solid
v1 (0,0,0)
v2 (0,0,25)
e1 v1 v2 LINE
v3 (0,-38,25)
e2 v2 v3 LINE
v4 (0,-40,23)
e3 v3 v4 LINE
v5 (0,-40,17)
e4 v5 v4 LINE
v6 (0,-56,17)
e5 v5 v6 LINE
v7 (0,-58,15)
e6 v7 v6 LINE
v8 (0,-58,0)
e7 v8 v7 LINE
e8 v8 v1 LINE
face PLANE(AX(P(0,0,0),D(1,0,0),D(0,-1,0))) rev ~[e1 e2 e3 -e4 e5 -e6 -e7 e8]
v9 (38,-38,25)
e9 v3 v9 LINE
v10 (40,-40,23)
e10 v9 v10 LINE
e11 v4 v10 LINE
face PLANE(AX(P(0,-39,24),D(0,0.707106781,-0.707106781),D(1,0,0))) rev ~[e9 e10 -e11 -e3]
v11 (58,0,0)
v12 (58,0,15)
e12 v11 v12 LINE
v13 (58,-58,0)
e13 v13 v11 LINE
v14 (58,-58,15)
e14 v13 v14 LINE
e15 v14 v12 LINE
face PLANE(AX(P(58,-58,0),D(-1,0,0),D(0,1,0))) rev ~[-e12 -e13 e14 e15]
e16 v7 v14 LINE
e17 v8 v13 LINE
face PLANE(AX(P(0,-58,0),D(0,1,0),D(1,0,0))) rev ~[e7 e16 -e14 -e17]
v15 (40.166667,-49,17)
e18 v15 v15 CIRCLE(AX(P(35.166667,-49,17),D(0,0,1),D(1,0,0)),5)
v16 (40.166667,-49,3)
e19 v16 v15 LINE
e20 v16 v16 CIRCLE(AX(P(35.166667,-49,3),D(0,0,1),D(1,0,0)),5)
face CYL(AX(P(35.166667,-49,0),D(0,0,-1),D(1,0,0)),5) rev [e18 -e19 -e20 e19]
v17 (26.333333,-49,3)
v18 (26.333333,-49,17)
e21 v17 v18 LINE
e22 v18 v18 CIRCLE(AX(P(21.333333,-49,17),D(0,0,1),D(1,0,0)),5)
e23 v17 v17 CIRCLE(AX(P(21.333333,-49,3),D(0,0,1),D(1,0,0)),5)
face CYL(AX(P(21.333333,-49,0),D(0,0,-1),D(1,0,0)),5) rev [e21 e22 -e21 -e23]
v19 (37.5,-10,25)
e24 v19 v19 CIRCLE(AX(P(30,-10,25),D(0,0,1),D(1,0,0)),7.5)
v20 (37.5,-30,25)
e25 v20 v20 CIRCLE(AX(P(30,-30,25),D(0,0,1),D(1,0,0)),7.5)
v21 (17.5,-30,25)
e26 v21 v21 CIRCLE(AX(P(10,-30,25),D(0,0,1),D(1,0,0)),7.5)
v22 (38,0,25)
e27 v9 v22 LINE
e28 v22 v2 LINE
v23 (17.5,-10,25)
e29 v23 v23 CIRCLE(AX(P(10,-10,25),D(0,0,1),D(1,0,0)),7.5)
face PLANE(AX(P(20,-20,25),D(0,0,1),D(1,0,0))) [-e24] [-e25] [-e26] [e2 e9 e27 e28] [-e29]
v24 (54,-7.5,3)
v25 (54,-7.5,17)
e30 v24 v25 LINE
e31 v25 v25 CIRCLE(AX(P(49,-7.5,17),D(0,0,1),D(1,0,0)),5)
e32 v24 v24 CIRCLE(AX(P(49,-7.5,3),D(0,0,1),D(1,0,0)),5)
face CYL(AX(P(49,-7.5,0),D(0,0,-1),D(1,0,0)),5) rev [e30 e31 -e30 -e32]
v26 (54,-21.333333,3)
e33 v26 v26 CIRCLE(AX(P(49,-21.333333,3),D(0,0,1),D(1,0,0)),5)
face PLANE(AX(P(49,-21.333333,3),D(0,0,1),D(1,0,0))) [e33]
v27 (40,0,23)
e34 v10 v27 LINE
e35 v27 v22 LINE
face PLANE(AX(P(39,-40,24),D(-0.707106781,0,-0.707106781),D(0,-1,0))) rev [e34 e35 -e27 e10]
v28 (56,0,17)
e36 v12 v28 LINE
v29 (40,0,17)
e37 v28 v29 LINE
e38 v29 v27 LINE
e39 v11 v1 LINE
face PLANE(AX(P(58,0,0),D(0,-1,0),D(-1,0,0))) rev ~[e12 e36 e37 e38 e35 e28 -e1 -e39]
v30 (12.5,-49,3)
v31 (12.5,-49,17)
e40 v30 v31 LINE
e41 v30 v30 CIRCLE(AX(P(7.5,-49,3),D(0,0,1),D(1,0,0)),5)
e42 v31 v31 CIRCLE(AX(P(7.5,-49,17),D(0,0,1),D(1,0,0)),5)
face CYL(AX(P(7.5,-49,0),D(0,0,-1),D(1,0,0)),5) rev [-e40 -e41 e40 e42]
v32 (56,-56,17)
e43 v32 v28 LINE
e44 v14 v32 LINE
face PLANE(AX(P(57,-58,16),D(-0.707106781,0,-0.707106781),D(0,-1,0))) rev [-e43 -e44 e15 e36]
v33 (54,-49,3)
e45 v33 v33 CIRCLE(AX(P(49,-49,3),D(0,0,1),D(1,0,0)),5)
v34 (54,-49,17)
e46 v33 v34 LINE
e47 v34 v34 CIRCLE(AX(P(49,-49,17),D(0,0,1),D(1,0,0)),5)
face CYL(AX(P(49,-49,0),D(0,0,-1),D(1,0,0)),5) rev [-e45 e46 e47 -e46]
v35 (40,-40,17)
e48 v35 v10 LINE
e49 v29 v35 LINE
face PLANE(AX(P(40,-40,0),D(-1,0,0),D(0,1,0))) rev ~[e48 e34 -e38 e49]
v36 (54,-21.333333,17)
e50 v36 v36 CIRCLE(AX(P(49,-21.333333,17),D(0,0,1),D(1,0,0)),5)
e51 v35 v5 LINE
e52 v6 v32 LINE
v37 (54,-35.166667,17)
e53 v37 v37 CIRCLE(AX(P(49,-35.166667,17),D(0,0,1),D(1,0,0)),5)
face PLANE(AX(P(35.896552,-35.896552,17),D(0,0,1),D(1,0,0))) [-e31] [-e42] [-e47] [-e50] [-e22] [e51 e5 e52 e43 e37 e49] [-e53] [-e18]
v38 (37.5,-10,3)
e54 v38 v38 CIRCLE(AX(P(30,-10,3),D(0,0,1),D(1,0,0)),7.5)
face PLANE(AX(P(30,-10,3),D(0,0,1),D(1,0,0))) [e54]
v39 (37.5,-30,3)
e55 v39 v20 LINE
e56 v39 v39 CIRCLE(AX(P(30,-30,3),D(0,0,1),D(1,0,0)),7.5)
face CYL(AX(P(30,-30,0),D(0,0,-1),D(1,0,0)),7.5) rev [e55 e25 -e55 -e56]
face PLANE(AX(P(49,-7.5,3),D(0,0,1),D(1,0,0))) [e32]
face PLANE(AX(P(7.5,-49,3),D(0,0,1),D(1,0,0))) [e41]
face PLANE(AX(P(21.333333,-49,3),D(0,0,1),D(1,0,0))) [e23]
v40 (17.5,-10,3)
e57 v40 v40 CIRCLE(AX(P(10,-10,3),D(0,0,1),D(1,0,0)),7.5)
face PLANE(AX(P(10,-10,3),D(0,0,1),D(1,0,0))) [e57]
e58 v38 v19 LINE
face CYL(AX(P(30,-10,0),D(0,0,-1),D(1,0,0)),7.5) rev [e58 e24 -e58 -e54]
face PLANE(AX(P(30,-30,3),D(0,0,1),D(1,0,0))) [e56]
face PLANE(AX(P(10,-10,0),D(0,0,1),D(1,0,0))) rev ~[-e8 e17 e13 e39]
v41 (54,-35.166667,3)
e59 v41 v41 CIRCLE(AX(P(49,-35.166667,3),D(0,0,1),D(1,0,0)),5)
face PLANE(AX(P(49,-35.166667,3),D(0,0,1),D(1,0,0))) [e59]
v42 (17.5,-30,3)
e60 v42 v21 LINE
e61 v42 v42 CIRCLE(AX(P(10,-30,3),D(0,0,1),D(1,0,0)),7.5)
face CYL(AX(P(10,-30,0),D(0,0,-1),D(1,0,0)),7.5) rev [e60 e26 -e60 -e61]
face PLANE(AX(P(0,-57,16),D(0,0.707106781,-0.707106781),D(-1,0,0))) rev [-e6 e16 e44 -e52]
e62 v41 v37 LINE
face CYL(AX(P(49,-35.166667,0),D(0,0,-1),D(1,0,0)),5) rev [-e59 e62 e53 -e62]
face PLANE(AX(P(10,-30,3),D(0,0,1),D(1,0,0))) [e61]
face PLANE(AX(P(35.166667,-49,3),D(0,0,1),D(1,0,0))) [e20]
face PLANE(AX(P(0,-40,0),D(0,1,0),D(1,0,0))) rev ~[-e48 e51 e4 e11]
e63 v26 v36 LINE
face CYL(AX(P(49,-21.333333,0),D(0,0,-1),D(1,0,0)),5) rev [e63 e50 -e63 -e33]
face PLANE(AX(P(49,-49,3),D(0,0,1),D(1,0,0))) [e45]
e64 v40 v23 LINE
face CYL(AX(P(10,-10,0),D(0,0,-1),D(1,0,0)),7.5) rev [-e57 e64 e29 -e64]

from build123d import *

# Parameters (mm, degrees)
F0_R     = 7.5
F1_DEPTH = 25
F0_R_2   = 5
F2_DEPTH = 17
F3_DEPTH = 3
F4_SIZE  = 2


with BuildPart() as f1:
    # F0 (on Top) → F1 (new body)
    with BuildSketch(Plane.XY):
        Polygon((20, 0), (0, 0), (0, -20), (0, -40), (40, -40), (40, 0), align=None)
        with Locations((10, -30)):
            Circle(F0_R, mode=Mode.SUBTRACT)
        with Locations((30, -30)):
            Circle(F0_R, mode=Mode.SUBTRACT)
        with Locations((10, -10)):
            Circle(F0_R, mode=Mode.SUBTRACT)
        with Locations((30, -10)):
            Circle(F0_R, mode=Mode.SUBTRACT)
    extrude(amount=F1_DEPTH)

    # F0 (on Top) → F2 (join)
    with BuildSketch(Plane.XY):
        Polygon((58, 0), (40, 0), (40, -40), (0, -40), (0, -58), (58, -58), align=None)
        with Locations((7.5, -49)):
            Circle(F0_R_2, mode=Mode.SUBTRACT)
        with Locations((21.333333, -49)):
            Circle(F0_R_2, mode=Mode.SUBTRACT)
        with Locations((35.166667, -49)):
            Circle(F0_R_2, mode=Mode.SUBTRACT)
        with Locations((49, -49)):
            Circle(F0_R_2, mode=Mode.SUBTRACT)
        with Locations((49, -35.166667)):
            Circle(F0_R_2, mode=Mode.SUBTRACT)
        with Locations((49, -21.333333)):
            Circle(F0_R_2, mode=Mode.SUBTRACT)
        with Locations((49, -7.5)):
            Circle(F0_R_2, mode=Mode.SUBTRACT)
    extrude(amount=F2_DEPTH)

    # F0 (on Top) → F3 (join)
    with BuildSketch(Plane.XY):
        with Locations((10, -10)):
            Circle(F0_R)
        with Locations((30, -10)):
            Circle(F0_R)
        with Locations((30, -30)):
            Circle(F0_R)
        with Locations((10, -30)):
            Circle(F0_R)
        with Locations((7.5, -49)):
            Circle(F0_R_2)
        with Locations((21.333333, -49)):
            Circle(F0_R_2)
        with Locations((35.166667, -49)):
            Circle(F0_R_2)
        with Locations((49, -49)):
            Circle(F0_R_2)
        with Locations((49, -35.166667)):
            Circle(F0_R_2)
        with Locations((49, -21.333333)):
            Circle(F0_R_2)
        with Locations((49, -7.5)):
            Circle(F0_R_2)
    extrude(amount=F3_DEPTH)

    # F4
    f4_edges = [f1.edges().sort_by_distance(p)[0] for p in [
        (20, -40, 25),
        (40, -20, 25),
        (29, -58, 17),
        (58, -29, 17),
    ]]
    chamfer(f4_edges, length=F4_SIZE)


solid = f1.part
